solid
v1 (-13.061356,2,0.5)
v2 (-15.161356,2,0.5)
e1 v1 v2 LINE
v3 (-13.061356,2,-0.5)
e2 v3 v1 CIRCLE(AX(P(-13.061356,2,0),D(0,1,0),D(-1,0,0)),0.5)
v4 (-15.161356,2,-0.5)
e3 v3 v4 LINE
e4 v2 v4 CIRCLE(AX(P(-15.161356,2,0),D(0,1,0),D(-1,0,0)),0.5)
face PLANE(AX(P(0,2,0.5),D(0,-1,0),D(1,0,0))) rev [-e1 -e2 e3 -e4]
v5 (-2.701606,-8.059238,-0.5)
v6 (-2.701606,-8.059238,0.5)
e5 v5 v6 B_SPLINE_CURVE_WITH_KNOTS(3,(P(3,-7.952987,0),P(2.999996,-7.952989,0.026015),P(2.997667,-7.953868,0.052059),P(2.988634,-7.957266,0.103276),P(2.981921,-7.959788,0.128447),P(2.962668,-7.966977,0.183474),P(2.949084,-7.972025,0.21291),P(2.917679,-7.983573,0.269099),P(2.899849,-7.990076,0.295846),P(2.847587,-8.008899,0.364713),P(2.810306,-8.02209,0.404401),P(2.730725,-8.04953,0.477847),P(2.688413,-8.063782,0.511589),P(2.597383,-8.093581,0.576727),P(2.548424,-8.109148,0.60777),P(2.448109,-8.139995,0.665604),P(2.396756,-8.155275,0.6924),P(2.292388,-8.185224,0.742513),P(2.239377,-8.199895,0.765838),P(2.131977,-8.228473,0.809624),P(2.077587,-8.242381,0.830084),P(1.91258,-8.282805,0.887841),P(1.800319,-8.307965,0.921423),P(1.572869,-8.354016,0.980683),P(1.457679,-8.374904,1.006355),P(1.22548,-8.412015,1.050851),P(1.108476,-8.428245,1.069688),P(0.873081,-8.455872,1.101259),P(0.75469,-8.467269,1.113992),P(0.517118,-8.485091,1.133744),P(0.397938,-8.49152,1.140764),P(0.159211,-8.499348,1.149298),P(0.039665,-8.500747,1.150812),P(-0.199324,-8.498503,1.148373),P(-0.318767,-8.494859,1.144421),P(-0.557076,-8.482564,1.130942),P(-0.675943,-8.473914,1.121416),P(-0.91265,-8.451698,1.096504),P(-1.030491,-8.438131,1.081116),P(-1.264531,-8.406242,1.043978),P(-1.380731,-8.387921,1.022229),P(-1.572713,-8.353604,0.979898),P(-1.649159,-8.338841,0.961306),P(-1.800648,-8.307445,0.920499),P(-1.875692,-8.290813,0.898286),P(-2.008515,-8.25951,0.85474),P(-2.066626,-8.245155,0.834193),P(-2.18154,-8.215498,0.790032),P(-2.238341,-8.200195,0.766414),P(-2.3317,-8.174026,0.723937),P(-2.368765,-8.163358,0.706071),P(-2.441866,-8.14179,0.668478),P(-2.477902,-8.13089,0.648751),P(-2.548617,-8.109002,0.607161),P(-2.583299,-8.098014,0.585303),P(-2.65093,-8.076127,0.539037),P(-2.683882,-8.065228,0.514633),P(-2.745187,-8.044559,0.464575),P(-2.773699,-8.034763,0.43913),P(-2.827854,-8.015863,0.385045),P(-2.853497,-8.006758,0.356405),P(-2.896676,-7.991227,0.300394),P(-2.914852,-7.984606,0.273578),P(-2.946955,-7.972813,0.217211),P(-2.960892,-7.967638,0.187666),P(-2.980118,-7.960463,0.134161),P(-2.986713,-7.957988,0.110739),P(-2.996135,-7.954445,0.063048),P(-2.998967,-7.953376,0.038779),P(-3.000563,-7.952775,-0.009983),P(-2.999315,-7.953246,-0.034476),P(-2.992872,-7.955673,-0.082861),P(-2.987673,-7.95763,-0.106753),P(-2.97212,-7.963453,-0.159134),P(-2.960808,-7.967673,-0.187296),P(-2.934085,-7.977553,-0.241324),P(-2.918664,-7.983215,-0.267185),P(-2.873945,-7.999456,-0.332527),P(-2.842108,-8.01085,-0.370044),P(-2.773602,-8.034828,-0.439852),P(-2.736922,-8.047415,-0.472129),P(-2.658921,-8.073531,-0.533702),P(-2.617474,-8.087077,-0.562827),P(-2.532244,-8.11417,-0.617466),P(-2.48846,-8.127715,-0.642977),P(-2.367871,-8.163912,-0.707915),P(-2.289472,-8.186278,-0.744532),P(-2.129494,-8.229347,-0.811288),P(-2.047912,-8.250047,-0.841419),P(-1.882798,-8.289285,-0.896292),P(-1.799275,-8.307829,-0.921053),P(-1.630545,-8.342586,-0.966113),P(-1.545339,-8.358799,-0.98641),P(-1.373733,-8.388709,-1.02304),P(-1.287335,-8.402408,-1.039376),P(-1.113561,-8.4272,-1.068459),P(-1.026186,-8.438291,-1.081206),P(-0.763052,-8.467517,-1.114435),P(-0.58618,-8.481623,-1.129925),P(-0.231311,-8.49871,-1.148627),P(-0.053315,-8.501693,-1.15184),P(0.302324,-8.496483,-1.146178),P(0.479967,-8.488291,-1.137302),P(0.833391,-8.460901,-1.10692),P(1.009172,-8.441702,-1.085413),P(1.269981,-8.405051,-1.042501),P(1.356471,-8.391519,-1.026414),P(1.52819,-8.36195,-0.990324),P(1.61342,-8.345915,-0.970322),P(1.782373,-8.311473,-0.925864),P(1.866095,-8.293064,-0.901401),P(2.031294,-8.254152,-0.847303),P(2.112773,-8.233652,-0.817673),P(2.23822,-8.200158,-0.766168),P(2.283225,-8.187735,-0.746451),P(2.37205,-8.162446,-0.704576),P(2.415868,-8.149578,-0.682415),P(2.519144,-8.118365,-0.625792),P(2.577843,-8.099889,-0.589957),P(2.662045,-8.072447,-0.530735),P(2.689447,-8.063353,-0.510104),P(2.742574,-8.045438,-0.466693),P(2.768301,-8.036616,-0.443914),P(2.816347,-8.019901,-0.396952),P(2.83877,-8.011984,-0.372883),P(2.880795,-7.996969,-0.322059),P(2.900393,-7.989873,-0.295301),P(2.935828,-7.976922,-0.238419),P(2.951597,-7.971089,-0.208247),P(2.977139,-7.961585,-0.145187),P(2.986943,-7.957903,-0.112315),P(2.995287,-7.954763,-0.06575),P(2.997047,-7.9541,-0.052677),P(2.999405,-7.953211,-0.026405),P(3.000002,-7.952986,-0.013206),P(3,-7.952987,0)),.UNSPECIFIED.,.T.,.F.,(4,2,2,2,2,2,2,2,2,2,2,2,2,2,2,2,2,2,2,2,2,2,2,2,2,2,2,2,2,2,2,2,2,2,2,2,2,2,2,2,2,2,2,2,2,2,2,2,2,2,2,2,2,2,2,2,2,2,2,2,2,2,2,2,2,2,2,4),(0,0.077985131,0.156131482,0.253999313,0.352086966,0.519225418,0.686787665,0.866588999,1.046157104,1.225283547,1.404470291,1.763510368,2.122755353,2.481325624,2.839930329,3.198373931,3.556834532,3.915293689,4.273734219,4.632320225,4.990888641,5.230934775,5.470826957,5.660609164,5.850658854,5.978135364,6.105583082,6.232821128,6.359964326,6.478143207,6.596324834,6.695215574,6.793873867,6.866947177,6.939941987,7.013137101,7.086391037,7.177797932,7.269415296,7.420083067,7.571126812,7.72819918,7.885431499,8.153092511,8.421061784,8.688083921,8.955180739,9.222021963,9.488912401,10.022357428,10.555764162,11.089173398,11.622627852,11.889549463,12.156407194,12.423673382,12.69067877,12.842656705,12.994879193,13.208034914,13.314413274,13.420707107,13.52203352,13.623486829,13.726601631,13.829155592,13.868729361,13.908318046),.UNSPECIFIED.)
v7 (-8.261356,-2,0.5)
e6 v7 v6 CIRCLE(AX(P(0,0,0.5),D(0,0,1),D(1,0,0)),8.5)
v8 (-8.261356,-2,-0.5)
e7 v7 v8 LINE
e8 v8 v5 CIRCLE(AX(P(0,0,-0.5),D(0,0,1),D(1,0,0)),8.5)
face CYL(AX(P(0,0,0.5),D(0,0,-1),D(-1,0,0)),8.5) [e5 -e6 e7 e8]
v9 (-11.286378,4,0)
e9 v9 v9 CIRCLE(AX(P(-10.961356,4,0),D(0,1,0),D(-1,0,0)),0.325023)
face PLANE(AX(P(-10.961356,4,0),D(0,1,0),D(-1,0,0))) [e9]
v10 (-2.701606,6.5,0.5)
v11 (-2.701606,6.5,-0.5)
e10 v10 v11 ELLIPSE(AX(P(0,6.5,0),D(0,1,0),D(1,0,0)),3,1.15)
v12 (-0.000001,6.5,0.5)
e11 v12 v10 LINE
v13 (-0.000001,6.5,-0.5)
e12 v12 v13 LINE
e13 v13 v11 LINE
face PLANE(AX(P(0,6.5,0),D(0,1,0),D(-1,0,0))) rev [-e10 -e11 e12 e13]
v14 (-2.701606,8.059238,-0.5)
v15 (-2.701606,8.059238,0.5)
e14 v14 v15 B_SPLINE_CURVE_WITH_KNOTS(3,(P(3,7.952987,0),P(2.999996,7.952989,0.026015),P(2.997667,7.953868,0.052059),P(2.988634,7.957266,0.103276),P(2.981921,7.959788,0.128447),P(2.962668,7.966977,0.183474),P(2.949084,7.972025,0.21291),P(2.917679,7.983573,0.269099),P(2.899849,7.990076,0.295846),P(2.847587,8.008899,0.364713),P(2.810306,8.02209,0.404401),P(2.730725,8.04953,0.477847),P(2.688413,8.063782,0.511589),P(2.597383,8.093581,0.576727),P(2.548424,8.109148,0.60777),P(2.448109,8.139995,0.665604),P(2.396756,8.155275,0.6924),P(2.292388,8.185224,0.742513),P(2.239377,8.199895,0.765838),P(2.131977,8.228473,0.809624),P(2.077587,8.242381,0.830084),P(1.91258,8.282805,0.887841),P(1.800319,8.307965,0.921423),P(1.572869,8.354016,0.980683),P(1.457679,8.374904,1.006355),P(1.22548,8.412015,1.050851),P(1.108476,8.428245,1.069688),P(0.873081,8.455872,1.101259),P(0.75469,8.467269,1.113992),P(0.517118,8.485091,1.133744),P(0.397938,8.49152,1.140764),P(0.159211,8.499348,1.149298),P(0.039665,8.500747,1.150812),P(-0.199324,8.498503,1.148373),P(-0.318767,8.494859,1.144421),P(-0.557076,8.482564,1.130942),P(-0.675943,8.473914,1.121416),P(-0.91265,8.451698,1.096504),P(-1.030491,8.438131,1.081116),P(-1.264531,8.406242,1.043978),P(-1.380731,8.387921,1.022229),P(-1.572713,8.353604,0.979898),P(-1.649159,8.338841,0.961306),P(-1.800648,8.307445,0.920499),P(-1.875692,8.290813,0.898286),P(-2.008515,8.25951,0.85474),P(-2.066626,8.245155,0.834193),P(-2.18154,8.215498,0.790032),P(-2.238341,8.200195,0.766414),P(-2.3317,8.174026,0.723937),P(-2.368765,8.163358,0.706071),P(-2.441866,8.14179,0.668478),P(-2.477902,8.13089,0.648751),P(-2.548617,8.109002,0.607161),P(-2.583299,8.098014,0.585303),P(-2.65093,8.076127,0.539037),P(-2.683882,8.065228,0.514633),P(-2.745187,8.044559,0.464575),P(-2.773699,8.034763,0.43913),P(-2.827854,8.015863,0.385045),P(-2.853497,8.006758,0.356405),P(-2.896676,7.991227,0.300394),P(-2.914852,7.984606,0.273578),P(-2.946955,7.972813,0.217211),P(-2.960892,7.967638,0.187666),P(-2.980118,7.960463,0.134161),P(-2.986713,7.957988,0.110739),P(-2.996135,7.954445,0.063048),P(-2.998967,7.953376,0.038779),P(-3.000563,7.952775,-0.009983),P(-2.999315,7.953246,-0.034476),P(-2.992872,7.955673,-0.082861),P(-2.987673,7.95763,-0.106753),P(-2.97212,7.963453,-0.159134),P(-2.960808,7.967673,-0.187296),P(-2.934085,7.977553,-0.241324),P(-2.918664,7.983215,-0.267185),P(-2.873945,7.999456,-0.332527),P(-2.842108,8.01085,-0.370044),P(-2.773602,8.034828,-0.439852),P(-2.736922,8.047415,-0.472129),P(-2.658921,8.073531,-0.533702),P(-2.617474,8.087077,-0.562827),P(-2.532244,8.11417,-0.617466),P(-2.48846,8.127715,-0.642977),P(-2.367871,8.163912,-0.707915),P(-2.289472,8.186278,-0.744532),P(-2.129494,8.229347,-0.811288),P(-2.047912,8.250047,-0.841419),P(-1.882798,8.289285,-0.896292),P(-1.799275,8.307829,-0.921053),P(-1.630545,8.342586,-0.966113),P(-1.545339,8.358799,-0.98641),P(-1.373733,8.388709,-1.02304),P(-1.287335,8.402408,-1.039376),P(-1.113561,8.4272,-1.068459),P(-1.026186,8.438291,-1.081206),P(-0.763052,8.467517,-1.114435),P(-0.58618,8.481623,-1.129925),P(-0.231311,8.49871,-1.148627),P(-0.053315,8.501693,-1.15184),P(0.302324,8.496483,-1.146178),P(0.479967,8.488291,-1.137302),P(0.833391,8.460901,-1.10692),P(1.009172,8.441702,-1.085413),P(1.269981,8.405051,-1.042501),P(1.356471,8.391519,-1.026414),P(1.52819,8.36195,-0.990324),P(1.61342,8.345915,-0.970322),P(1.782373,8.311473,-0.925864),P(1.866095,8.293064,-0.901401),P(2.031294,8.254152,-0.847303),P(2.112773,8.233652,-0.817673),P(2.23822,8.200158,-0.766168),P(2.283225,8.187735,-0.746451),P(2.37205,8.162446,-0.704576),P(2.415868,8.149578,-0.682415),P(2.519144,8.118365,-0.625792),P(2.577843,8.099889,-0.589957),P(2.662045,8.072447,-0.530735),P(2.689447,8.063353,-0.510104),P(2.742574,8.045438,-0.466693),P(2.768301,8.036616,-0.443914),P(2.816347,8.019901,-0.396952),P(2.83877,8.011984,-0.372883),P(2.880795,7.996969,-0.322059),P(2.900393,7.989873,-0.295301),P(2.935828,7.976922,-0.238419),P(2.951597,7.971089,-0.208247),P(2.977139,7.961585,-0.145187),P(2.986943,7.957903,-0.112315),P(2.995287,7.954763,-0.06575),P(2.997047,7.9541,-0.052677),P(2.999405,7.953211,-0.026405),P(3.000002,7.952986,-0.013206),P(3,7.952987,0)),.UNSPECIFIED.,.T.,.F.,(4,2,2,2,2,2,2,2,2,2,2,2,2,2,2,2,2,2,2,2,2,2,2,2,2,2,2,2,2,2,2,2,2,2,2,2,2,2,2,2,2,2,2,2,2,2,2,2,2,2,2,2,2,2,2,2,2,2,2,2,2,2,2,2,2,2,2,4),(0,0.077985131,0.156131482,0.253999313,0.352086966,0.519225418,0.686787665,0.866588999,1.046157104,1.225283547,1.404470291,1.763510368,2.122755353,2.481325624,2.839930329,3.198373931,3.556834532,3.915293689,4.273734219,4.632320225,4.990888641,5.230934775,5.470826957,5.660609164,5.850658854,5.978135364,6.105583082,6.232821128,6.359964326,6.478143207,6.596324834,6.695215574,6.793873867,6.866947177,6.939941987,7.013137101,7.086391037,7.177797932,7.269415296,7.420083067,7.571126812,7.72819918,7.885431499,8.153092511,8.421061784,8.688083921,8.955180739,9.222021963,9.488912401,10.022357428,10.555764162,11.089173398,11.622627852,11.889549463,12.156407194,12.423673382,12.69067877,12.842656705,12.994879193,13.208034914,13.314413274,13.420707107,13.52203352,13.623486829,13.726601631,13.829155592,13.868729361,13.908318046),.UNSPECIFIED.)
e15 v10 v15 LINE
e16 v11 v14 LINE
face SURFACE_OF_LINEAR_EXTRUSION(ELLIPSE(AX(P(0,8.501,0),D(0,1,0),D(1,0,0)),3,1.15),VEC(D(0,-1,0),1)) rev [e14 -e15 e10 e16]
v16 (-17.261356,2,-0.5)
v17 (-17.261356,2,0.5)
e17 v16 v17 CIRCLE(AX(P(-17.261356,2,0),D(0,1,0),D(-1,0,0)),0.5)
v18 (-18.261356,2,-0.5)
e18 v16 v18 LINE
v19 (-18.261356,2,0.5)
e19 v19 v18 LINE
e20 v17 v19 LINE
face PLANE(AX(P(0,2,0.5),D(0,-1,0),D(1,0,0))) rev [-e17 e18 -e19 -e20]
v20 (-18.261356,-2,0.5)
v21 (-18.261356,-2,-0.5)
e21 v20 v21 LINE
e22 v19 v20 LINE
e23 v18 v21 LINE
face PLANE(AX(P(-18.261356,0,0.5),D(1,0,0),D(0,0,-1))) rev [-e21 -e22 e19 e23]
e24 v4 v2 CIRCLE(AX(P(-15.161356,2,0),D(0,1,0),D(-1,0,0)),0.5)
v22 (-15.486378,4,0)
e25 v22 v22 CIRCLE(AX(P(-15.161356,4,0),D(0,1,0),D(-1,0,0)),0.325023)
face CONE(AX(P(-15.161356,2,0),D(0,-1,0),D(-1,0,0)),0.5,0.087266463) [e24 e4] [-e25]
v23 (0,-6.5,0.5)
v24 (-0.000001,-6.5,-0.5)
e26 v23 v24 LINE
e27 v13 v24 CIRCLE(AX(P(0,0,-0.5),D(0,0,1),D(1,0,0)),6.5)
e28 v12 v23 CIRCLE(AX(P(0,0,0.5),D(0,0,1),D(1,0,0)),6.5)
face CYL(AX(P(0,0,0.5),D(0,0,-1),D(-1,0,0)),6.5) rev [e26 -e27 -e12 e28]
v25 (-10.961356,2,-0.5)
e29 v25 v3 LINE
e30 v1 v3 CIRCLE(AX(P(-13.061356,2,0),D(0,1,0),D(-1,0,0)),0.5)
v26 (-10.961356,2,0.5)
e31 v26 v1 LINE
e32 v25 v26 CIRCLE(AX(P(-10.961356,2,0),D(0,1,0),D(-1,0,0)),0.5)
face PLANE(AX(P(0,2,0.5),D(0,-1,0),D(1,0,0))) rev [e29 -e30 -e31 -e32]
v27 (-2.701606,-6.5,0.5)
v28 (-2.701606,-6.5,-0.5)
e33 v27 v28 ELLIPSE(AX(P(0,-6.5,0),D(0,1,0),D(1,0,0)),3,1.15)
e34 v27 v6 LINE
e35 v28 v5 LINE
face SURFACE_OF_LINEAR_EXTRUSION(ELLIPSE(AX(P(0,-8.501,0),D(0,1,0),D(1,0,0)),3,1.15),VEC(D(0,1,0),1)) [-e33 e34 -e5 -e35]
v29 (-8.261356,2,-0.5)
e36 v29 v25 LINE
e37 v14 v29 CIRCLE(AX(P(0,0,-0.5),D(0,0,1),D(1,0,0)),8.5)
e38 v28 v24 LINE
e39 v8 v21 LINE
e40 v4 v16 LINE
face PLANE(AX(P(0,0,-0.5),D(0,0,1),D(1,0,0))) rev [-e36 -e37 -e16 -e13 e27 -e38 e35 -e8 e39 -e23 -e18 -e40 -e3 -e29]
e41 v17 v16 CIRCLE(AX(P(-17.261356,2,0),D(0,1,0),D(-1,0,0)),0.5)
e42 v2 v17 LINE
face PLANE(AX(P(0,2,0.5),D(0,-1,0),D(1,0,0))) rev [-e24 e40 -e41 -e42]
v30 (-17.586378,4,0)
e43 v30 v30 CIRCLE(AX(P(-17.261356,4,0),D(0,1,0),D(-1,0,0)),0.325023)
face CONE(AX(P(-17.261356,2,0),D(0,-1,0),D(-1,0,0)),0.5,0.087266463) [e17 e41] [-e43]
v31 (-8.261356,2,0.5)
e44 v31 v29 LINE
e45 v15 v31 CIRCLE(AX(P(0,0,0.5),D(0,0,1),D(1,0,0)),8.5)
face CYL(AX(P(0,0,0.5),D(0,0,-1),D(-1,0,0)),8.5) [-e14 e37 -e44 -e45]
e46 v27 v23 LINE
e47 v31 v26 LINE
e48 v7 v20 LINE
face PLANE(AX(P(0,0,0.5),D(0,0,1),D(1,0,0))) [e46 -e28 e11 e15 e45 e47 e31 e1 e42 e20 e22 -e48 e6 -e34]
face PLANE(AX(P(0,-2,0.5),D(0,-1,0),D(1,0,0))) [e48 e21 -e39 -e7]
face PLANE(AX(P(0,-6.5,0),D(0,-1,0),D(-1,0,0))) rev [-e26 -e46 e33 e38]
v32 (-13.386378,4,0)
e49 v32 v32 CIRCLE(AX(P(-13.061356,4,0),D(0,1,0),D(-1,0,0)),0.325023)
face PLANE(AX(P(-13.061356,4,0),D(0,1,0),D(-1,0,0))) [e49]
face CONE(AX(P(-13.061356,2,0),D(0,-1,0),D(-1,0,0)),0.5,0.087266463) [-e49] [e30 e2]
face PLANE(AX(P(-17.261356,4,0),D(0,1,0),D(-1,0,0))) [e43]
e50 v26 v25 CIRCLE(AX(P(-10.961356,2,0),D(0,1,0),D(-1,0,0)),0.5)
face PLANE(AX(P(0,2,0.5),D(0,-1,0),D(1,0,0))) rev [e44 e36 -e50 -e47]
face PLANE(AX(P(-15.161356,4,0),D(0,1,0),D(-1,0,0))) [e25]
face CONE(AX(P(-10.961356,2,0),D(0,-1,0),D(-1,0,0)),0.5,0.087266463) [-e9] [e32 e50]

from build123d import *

# Parameters (mm, degrees)
BOSS_EXTRUDE1_DEPTH           = 0.5
SKETCH2_R                     = 0.5
BOSS_EXTRUDE2_DEPTH           = 2
BOSS_EXTRUDE2_DRAFT           = 5
BOSS_EXTRUDE2_PROFILE_2_DEPTH = 2
BOSS_EXTRUDE2_PROFILE_2_DRAFT = 5
BOSS_EXTRUDE2_PROFILE_3_DEPTH = 2
BOSS_EXTRUDE2_PROFILE_3_DRAFT = 5
BOSS_EXTRUDE2_PROFILE_4_DEPTH = 2
BOSS_EXTRUDE2_PROFILE_4_DRAFT = 5
BOSS_EXTRUDE3_REACH           = 25.637
BOSS_EXTRUDE3_END_RADIUS      = 8.5
SKETCH5_RX                    = 3
SKETCH5_RY                    = 1.15


with BuildPart() as part:
    # Sketch1 → Boss-Extrude1 (new, symmetric)
    with BuildSketch(Plane.XY):
        with BuildLine():
            Line((-8.261355821, 2), (-18.261355821, 2))
            Line((-18.261355821, 2), (-18.261355821, -2))
            Line((-18.261355821, -2), (-8.261355821, -2))
            ThreePointArc((-8.261355821, -2), (-8.5, 0), (-8.261355821, 2))
        make_face()
        with BuildLine():
            Line((-5.94e-07, 8.5), (-5.94e-07, 6.5))
            ThreePointArc((-5.94e-07, 6.5), (-6.5, 0), (-5.94e-07, -6.5))
            Line((-5.94e-07, -6.5), (-5.94e-07, -8.5))
            ThreePointArc((-5.94e-07, -8.5), (-8.5, 0), (-5.94e-07, 8.5))
        make_face()
        with BuildLine():
            ThreePointArc((-5.94e-07, 8.5), (-0.626706342, 8.476864937), (-1.250000594, 8.407585772))
            Line((-1.250000594, 8.407585772), (-1.250000594, 6.5))
            Line((-1.250000594, 6.5), (-5.94e-07, 6.5))
            Line((-5.94e-07, 6.5), (-5.94e-07, 8.5))
        make_face()
        with BuildLine():
            Line((-1.250000594, -6.5), (-1.250000594, -8.407585772))
            ThreePointArc((-1.250000594, -8.407585772), (-0.626706342, -8.476864937), (-5.94e-07, -8.5))
            Line((-5.94e-07, -8.5), (-5.94e-07, -6.5))
            Line((-5.94e-07, -6.5), (-1.250000594, -6.5))
        make_face()
    extrude(amount=BOSS_EXTRUDE1_DEPTH, both=True)


with BuildPart() as boss_extrude2_tool:
    # Sketch2 → Boss-Extrude2 (with draft: the straight prism first)
    with BuildSketch(Plane(origin=(0, 2, 0), x_dir=(1, 0, 0), z_dir=(0, 1, 0))):
        with Locations((-17.261355821, 0)):
            Circle(SKETCH2_R)
    extrude(amount=BOSS_EXTRUDE2_DEPTH)
    # Boss-Extrude2: the draft: its side faces are tilted about the plane it starts from
    boss_extrude2_sides = [boss_extrude2_tool.faces().sort_by_distance(p)[0] for p in [
        (-17.761355821, 3, 0),
    ]]
    draft(boss_extrude2_sides, Plane(origin=(0, 2, 0), x_dir=(1, 0, 0), z_dir=(0, 1, 0)), BOSS_EXTRUDE2_DRAFT)


with BuildPart() as part_1:
    add(part.part)

    # Boss-Extrude2: add boss_extrude2_tool
    add(boss_extrude2_tool.part)


with BuildPart() as boss_extrude2_profile_2_tool:
    # Sketch2 → Boss-Extrude2 profile 2 (with draft: the straight prism first)
    with BuildSketch(Plane(origin=(0, 2, 0), x_dir=(1, 0, 0), z_dir=(0, 1, 0))):
        with Locations((-15.161355821, 0)):
            Circle(SKETCH2_R)
    extrude(amount=BOSS_EXTRUDE2_PROFILE_2_DEPTH)
    # Boss-Extrude2 profile 2: the draft: its side faces are tilted about the plane it starts from
    boss_extrude2_profile_2_sides = [boss_extrude2_profile_2_tool.faces().sort_by_distance(p)[0] for p in [
        (-15.661355821, 3, 0),
    ]]
    draft(boss_extrude2_profile_2_sides, Plane(origin=(0, 2, 0), x_dir=(1, 0, 0), z_dir=(0, 1, 0)), BOSS_EXTRUDE2_PROFILE_2_DRAFT)


with BuildPart() as part_2:
    add(part_1.part)

    # Boss-Extrude2 profile 2: add boss_extrude2_profile_2_tool
    add(boss_extrude2_profile_2_tool.part)


with BuildPart() as boss_extrude2_profile_3_tool:
    # Sketch2 → Boss-Extrude2 profile 3 (with draft: the straight prism first)
    with BuildSketch(Plane(origin=(0, 2, 0), x_dir=(1, 0, 0), z_dir=(0, 1, 0))):
        with Locations((-13.061355821, 0)):
            Circle(SKETCH2_R)
    extrude(amount=BOSS_EXTRUDE2_PROFILE_3_DEPTH)
    # Boss-Extrude2 profile 3: the draft: its side faces are tilted about the plane it starts from
    boss_extrude2_profile_3_sides = [boss_extrude2_profile_3_tool.faces().sort_by_distance(p)[0] for p in [
        (-13.561355821, 3, 0),
    ]]
    draft(boss_extrude2_profile_3_sides, Plane(origin=(0, 2, 0), x_dir=(1, 0, 0), z_dir=(0, 1, 0)), BOSS_EXTRUDE2_PROFILE_3_DRAFT)


with BuildPart() as part_3:
    add(part_2.part)

    # Boss-Extrude2 profile 3: add boss_extrude2_profile_3_tool
    add(boss_extrude2_profile_3_tool.part)


with BuildPart() as boss_extrude2_profile_4_tool:
    # Sketch2 → Boss-Extrude2 profile 4 (with draft: the straight prism first)
    with BuildSketch(Plane(origin=(0, 2, 0), x_dir=(1, 0, 0), z_dir=(0, 1, 0))):
        with Locations((-10.961355821, 0)):
            Circle(SKETCH2_R)
    extrude(amount=BOSS_EXTRUDE2_PROFILE_4_DEPTH)
    # Boss-Extrude2 profile 4: the draft: its side faces are tilted about the plane it starts from
    boss_extrude2_profile_4_sides = [boss_extrude2_profile_4_tool.faces().sort_by_distance(p)[0] for p in [
        (-11.461355821, 3, 0),
    ]]
    draft(boss_extrude2_profile_4_sides, Plane(origin=(0, 2, 0), x_dir=(1, 0, 0), z_dir=(0, 1, 0)), BOSS_EXTRUDE2_PROFILE_4_DRAFT)


with BuildPart() as part_4:
    add(part_3.part)

    # Boss-Extrude2 profile 4: add boss_extrude2_profile_4_tool
    add(boss_extrude2_profile_4_tool.part)

    # Boss-Extrude3: up to this cylinder (the profile starts inside it)
    boss_extrude3_end = Plane(origin=(0, 0, 0), z_dir=(0, 0, -1)) * Cylinder(BOSS_EXTRUDE3_END_RADIUS, 69.274, mode=Mode.PRIVATE)
    # Sketch5 → Boss-Extrude3 (add, up to the surface)
    with BuildSketch(Plane(origin=(0, 6.5, 0), x_dir=(1, 0, 0), z_dir=(0, 1, 0)), mode=Mode.PRIVATE) as boss_extrude3_sk1:
        with Locations((0, 0)):
            Ellipse(SKETCH5_RX, SKETCH5_RY)
    boss_extrude3_tool1 = extrude(boss_extrude3_sk1.sketch, amount=BOSS_EXTRUDE3_REACH, mode=Mode.PRIVATE) & boss_extrude3_end
    boss_extrude3 = boss_extrude3_tool1.solids().sort_by_distance((0, 6.5, 0))[0]
    add(boss_extrude3)

    # Mirror1: Boss-Extrude3 across plane
    add(boss_extrude3.mirror(Plane.ZX))


solid = part_4.part
